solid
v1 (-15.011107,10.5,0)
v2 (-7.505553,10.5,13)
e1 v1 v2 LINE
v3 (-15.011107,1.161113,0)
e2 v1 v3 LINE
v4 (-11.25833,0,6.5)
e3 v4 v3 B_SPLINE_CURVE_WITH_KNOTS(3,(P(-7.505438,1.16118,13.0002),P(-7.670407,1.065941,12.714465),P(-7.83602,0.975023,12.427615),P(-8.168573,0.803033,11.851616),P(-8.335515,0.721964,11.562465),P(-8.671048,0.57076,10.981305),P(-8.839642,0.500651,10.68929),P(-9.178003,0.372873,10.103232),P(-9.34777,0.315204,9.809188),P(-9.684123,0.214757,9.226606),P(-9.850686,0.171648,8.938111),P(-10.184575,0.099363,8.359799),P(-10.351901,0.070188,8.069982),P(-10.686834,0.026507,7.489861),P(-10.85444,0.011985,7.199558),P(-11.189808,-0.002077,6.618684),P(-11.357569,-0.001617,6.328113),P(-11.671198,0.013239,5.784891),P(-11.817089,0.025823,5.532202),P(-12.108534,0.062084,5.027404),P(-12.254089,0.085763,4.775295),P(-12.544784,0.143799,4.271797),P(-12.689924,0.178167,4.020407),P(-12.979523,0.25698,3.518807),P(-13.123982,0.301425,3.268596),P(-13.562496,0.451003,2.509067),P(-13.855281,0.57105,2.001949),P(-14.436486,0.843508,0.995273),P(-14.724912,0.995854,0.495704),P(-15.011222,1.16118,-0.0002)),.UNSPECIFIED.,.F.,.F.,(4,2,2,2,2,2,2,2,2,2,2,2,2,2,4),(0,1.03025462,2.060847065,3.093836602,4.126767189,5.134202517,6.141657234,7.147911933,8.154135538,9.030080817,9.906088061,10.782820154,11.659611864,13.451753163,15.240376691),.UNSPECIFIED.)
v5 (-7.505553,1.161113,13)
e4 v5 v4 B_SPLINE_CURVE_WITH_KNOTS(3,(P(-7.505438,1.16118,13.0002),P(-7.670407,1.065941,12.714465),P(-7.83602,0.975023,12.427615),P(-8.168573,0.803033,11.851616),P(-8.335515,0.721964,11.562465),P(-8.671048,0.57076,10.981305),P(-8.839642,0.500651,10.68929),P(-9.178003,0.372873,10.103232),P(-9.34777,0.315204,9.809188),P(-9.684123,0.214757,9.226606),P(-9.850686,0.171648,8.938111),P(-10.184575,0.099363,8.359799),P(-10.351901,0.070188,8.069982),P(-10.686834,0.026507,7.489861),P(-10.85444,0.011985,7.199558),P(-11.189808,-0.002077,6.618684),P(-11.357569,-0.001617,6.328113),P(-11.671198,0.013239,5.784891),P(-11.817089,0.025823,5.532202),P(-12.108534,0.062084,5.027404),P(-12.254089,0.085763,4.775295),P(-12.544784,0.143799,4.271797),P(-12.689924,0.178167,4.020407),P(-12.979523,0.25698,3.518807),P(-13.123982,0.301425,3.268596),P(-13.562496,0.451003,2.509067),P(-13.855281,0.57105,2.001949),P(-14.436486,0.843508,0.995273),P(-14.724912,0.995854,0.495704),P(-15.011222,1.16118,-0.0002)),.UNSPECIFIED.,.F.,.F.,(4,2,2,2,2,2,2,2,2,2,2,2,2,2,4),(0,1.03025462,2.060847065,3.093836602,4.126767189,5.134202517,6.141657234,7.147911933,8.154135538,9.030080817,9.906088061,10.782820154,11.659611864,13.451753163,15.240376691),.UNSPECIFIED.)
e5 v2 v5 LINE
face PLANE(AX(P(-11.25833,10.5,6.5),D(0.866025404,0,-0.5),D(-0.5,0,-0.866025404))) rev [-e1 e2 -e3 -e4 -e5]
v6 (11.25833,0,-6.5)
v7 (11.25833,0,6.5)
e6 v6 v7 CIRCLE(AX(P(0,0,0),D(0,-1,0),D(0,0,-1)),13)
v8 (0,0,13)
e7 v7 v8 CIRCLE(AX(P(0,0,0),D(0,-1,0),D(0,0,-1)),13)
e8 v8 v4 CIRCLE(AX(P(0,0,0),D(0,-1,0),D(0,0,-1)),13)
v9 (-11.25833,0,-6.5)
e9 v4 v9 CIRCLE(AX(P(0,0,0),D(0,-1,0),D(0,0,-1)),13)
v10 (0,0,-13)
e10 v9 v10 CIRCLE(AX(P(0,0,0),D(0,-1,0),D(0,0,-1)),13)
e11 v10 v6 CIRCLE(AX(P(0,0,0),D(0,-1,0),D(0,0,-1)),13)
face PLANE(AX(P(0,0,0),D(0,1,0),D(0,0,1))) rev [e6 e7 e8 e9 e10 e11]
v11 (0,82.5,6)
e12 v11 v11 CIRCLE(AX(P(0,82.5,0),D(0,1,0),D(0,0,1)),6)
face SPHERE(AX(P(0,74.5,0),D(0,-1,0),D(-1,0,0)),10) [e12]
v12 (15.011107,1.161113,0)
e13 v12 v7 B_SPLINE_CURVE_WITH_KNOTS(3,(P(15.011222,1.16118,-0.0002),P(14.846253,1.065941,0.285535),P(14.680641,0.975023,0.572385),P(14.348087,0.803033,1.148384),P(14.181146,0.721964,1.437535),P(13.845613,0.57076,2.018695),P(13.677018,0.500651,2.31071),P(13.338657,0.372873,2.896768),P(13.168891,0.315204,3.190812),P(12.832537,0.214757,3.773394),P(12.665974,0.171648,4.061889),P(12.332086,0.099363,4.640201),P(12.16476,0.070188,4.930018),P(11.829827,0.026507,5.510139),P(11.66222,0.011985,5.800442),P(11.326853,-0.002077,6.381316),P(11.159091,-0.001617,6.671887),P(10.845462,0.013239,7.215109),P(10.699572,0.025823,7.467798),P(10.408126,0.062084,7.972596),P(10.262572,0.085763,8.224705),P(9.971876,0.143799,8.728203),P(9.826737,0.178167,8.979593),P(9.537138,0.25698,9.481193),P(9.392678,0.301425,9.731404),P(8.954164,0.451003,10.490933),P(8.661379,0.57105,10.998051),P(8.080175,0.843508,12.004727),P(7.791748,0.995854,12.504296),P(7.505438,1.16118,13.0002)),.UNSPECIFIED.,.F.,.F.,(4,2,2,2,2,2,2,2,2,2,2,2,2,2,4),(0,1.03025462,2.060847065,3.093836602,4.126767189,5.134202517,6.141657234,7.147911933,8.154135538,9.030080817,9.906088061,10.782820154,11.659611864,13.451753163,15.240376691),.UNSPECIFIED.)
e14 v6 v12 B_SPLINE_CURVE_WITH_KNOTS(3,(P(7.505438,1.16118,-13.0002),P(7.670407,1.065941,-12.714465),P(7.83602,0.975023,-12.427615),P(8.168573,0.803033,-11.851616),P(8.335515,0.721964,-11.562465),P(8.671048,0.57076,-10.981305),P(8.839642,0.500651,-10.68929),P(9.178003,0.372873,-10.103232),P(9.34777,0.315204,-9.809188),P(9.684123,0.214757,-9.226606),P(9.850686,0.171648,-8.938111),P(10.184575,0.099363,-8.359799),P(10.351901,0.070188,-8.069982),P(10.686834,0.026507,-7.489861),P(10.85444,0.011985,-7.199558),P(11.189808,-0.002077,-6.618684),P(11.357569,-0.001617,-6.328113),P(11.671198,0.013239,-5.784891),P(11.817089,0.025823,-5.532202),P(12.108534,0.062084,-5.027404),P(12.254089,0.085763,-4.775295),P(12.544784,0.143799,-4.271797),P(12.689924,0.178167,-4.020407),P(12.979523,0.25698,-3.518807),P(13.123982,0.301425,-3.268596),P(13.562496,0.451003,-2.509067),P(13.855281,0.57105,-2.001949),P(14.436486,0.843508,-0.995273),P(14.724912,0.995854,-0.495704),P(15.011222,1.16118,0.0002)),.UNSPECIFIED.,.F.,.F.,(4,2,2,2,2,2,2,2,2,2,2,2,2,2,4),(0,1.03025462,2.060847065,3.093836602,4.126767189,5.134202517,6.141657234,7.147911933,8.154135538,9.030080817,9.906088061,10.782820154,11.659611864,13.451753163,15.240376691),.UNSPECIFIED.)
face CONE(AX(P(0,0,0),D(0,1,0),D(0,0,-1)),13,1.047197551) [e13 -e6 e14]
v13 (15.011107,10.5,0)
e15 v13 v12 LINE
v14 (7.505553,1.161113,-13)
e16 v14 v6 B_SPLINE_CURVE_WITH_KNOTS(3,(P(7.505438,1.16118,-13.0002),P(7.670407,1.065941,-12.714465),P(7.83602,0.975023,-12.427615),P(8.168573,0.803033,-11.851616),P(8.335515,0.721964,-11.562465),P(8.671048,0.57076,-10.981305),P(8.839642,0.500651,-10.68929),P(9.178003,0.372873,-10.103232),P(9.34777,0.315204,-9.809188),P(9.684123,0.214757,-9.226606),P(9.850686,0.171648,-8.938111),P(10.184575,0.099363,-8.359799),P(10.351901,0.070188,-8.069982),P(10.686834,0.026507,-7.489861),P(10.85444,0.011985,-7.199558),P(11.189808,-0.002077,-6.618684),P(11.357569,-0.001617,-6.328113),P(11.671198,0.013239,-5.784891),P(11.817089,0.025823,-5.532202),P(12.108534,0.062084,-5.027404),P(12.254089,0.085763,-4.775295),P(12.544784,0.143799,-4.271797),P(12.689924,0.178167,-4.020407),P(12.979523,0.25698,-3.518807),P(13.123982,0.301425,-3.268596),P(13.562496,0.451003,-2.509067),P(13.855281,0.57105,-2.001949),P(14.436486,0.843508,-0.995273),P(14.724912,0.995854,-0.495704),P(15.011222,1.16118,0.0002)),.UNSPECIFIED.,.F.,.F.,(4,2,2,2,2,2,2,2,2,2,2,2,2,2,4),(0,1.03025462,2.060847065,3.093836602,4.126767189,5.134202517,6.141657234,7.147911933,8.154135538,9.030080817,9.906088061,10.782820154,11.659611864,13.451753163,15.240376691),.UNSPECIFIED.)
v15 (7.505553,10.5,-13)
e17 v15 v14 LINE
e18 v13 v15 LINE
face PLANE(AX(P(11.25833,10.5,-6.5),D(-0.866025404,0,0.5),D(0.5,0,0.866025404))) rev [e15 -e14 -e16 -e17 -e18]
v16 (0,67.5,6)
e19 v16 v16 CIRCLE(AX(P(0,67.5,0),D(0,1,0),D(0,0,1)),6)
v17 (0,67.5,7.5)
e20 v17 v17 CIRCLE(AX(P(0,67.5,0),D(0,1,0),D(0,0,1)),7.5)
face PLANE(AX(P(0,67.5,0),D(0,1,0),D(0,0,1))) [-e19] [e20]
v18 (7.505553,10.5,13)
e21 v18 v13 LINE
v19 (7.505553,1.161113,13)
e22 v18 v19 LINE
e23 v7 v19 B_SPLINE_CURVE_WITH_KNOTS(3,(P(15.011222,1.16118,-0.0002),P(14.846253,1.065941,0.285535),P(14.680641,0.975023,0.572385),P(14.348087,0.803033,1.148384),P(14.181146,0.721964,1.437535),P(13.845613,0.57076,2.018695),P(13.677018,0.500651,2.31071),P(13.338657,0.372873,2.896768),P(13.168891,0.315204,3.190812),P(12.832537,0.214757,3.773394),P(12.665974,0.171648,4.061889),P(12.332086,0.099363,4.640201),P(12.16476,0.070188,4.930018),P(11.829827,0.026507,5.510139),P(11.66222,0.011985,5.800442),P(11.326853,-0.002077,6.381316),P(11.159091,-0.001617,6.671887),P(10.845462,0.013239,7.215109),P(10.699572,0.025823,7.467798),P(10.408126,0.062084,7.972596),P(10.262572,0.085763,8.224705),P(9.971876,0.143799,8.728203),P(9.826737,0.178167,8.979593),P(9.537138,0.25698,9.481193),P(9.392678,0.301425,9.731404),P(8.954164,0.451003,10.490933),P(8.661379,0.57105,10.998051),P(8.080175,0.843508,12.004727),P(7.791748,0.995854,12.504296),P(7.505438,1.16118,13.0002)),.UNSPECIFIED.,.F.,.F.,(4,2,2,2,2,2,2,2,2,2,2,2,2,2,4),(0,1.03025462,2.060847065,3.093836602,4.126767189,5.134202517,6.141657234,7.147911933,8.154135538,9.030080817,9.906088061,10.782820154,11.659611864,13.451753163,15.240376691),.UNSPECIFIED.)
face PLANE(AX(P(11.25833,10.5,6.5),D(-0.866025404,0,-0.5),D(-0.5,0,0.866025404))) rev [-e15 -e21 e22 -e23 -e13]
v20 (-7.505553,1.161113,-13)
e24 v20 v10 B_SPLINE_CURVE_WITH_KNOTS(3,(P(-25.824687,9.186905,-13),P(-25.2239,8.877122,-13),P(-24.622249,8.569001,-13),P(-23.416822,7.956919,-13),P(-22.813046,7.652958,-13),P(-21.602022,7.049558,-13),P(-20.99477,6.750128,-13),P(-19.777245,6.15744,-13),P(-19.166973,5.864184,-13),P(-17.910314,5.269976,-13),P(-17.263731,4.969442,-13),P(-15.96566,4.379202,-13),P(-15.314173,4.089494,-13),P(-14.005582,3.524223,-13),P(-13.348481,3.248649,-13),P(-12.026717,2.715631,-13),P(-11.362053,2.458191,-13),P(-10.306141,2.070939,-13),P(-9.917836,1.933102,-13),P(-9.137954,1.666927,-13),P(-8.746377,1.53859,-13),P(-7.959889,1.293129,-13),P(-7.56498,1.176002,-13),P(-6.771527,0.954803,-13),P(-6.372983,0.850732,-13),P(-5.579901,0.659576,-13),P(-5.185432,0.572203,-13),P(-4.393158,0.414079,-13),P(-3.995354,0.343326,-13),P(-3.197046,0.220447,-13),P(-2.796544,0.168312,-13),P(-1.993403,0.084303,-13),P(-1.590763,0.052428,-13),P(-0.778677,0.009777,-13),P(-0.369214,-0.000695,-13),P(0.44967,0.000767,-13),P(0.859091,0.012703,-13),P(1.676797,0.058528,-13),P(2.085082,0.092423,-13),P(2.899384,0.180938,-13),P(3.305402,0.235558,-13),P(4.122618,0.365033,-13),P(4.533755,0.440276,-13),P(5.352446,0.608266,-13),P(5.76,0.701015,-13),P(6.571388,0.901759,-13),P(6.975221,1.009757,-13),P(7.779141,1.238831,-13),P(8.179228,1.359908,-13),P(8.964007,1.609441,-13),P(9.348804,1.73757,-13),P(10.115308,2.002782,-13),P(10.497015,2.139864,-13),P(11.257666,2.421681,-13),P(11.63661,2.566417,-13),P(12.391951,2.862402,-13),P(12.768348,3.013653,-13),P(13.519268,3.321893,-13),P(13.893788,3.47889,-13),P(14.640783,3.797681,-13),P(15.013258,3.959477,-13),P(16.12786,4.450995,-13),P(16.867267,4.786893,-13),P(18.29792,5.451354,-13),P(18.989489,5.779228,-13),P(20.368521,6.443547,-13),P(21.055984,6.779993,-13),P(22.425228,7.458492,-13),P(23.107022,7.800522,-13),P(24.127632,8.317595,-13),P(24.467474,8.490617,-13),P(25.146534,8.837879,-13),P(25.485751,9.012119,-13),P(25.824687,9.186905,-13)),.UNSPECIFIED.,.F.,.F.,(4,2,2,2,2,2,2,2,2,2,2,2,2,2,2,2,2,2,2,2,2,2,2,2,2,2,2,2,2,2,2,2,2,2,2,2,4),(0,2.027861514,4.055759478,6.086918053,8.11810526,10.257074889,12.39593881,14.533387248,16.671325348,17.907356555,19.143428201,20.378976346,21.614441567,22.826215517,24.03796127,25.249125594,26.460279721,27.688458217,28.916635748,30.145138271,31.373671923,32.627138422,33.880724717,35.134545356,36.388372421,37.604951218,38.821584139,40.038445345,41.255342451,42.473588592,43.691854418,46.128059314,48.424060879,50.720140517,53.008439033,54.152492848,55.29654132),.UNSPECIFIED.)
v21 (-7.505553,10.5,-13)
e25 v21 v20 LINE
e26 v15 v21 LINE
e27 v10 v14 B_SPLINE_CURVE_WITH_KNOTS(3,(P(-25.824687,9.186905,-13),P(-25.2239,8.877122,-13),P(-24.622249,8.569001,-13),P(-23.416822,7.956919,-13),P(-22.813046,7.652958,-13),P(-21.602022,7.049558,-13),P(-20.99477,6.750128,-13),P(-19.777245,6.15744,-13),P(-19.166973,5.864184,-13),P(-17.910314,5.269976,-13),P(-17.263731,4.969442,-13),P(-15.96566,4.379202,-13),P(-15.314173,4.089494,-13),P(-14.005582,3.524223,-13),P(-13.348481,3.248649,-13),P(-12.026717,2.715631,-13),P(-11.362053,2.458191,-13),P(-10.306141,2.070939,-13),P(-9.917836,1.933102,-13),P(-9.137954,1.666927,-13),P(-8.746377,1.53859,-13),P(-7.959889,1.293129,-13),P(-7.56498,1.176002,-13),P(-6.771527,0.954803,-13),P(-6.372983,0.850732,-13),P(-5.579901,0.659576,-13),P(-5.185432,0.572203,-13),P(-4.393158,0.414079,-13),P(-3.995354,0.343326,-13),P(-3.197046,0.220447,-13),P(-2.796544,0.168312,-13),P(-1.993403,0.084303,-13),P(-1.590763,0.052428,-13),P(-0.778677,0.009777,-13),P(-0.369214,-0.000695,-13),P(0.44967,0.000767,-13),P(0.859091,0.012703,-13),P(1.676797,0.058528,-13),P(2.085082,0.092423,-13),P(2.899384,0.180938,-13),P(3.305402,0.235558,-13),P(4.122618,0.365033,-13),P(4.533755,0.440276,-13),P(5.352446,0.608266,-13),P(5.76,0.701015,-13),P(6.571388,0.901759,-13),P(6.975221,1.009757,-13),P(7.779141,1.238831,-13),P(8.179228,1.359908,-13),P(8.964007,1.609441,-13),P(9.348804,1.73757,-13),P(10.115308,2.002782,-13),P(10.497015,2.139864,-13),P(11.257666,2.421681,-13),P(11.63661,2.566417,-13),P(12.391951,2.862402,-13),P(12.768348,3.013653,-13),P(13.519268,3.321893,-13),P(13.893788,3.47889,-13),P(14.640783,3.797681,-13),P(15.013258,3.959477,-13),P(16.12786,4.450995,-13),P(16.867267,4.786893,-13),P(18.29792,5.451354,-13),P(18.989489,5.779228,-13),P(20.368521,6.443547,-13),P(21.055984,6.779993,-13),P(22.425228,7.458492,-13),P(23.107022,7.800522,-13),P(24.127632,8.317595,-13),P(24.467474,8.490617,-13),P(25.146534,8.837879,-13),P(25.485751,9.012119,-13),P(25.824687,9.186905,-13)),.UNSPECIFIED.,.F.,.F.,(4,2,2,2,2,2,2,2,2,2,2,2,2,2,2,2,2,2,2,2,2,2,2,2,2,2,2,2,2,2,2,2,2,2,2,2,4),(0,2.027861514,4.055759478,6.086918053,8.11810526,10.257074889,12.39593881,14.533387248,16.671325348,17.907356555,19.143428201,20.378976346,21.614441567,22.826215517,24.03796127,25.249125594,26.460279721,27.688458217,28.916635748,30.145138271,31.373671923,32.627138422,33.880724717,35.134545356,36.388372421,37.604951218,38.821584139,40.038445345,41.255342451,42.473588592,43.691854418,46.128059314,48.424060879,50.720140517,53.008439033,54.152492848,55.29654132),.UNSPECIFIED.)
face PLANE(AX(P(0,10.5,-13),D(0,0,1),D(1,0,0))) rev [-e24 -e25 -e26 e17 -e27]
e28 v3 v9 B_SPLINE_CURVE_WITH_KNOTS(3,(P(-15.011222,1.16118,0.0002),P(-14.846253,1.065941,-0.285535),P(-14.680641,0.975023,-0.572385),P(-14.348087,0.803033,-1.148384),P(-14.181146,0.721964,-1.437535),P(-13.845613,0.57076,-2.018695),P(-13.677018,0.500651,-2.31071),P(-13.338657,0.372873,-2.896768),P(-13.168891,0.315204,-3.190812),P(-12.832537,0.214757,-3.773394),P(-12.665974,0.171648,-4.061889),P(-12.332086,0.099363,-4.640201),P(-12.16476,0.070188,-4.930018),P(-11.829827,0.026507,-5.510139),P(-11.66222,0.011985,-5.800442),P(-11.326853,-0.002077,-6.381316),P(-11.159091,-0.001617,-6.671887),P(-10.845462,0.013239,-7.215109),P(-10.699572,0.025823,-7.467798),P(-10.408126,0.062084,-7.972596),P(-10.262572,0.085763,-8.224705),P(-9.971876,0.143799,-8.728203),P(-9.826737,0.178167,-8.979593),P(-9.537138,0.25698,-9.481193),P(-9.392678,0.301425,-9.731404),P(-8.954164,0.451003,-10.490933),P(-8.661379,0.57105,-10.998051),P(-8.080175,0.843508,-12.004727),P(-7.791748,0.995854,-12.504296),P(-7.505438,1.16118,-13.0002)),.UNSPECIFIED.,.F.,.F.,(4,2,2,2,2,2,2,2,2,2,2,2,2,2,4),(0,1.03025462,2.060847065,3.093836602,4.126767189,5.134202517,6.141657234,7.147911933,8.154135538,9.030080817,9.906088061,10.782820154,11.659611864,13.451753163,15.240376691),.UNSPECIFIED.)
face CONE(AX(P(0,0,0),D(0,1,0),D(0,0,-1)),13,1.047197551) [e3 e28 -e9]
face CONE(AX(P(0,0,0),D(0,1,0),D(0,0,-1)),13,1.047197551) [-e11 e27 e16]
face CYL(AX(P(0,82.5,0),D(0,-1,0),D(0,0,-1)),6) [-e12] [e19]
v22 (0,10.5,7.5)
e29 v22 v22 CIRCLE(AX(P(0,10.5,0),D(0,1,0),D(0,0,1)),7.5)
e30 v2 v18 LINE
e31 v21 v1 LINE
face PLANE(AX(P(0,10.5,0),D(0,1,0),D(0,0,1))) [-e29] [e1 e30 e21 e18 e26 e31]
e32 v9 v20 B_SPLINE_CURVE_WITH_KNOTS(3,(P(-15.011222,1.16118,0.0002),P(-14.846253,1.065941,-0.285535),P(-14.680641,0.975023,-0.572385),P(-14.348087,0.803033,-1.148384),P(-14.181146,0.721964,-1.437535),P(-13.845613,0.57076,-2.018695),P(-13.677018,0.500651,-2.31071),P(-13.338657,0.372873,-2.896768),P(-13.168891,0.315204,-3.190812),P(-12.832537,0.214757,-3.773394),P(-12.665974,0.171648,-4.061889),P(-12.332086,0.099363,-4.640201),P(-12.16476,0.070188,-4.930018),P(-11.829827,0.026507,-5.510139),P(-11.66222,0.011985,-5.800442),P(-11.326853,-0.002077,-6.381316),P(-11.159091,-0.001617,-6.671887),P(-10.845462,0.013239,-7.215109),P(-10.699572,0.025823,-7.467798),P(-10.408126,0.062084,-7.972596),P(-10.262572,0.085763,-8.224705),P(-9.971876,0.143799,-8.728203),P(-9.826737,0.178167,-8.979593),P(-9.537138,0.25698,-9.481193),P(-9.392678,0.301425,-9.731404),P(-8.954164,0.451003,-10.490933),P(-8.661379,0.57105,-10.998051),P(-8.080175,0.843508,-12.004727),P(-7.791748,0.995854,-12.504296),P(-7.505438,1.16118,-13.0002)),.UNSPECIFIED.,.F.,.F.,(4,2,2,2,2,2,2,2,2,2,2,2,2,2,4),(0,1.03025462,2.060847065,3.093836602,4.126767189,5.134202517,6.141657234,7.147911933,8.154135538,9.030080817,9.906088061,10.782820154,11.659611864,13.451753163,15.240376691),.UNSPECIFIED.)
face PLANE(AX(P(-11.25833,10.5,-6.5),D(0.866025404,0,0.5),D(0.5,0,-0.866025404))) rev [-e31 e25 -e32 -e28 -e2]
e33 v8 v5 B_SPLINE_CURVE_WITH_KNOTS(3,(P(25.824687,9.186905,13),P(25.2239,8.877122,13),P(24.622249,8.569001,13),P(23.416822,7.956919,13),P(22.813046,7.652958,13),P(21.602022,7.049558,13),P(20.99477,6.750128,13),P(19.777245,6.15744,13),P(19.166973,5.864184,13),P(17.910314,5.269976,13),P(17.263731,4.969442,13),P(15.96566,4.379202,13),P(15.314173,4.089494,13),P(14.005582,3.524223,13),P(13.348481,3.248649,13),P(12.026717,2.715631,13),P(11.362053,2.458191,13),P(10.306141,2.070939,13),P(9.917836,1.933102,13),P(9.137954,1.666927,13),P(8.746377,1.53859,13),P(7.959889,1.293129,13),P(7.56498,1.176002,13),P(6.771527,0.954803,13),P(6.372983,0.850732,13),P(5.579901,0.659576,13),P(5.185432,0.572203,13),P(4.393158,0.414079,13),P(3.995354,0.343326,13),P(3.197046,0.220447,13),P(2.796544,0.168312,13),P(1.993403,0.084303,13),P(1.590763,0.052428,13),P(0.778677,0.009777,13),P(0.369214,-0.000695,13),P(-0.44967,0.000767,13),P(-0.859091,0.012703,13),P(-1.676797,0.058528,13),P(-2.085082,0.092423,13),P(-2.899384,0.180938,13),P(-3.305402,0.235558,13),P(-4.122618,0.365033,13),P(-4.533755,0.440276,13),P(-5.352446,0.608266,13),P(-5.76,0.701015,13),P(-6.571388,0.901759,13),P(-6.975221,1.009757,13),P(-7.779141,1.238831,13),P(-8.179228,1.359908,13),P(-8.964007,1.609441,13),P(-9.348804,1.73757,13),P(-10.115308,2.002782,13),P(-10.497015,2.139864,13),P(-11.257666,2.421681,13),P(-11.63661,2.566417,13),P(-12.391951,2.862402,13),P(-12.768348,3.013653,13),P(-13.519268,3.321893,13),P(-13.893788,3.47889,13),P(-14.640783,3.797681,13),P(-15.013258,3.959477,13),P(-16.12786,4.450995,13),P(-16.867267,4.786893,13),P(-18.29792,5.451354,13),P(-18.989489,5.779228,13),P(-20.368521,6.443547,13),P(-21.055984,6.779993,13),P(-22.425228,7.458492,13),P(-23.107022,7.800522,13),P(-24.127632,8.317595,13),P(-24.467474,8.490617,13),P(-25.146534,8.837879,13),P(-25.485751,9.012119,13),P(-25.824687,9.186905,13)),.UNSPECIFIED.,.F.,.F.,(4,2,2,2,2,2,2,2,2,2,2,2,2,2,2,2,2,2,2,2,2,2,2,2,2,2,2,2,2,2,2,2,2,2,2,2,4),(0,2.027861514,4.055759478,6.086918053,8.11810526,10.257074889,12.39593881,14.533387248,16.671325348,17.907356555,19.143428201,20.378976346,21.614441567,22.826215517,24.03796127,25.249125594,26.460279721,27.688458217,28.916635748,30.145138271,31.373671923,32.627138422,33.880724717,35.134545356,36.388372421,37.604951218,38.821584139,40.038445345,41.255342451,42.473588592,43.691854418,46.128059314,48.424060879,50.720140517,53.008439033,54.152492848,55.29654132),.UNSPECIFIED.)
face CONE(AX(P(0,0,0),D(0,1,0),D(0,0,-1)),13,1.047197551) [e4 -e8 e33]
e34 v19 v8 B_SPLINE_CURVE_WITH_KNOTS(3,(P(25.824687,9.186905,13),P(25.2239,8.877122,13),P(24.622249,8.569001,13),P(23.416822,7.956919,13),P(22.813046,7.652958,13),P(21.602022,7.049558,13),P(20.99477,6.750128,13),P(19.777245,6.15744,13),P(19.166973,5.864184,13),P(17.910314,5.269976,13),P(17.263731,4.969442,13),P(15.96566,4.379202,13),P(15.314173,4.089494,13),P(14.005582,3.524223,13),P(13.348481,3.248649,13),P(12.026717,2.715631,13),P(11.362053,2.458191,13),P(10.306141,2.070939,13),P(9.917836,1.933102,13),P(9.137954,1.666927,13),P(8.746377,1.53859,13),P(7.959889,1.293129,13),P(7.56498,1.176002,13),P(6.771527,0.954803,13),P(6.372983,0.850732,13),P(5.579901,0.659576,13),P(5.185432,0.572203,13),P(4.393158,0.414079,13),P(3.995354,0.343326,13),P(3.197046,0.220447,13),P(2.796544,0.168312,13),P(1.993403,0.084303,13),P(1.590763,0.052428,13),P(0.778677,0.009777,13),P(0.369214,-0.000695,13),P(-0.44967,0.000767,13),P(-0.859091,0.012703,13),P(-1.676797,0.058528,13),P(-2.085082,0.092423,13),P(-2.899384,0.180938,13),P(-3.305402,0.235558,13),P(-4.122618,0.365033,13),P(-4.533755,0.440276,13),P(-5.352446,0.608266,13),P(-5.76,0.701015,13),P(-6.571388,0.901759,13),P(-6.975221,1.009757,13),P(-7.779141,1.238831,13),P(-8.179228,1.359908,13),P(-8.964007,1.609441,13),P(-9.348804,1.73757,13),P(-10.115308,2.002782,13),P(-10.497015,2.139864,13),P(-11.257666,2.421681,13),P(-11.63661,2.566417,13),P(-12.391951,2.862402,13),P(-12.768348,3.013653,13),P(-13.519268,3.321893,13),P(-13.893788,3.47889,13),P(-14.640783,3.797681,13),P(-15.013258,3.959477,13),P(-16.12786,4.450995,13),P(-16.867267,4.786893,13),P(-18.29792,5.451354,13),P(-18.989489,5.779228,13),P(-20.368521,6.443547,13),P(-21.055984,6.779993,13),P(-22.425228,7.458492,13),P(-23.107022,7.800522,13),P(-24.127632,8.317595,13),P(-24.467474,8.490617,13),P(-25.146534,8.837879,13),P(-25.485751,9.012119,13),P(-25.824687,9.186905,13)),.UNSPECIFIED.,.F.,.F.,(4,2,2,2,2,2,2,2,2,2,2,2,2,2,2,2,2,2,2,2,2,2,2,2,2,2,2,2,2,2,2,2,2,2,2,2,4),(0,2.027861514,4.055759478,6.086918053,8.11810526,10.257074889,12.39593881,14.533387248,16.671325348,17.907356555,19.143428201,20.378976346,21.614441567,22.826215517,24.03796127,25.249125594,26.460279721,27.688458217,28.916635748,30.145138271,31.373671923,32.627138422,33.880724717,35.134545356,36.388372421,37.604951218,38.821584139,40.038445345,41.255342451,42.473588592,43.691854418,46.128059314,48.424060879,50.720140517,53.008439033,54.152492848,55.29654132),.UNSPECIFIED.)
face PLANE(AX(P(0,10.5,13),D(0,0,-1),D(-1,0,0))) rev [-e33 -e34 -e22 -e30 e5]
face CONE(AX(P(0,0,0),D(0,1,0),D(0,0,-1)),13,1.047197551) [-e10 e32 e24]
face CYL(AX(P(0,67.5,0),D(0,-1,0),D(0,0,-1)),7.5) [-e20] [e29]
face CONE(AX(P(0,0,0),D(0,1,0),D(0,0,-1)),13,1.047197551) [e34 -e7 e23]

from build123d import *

# Parameters (mm, degrees)
SKETCH1_R           = 7.5
BOSS_EXTRUDE1_DEPTH = 10.5
SKETCH1_3_R         = 7.5
SKETCH1_3_R_2       = 6
BOSS_EXTRUDE2_DEPTH = 67.5
SKETCH1_4_R         = 6
BOSS_EXTRUDE3_DEPTH = 82.5
SKETCH4_OUTSIDE_W   = 336.484
SKETCH4_OUTSIDE_H   = 332.462
SKETCH4_OUTSIDE_R   = 13
CUT_EXTRUDE1_DEPTH  = 82.5
CUT_EXTRUDE1_DRAFT  = -60


with BuildPart() as part:
    # Sketch1 → Boss-Extrude1 (new body)
    with BuildSketch(Plane(origin=(0, 0, 0), x_dir=(1, 0, 0), z_dir=(0, 1, 0))):
        Polygon((15.011106999, 0), (7.505553499, 13), (-7.505553499, 13), (-15.011106999, 0), (-7.505553499, -13), (7.505553499, -13), align=None)
        with Locations(Location((0, 0, 0), (0, 0, 270))):
            Circle(SKETCH1_R, mode=Mode.SUBTRACT)
    extrude(amount=BOSS_EXTRUDE1_DEPTH)

    # Sketch1<3> → Boss-Extrude2 (add)
    with BuildSketch(Plane(origin=(0, 0, 0), x_dir=(1, 0, 0), z_dir=(0, 1, 0))):
        with Locations(Location((0, 0, 0), (0, 0, 270))):
            Circle(SKETCH1_3_R)
        with Locations(Location((0, 0, 0), (0, 0, 270))):
            Circle(SKETCH1_3_R_2, mode=Mode.SUBTRACT)
    extrude(amount=BOSS_EXTRUDE2_DEPTH)

    # Sketch1<4> → Boss-Extrude3 (add)
    with BuildSketch(Plane(origin=(0, 0, 0), x_dir=(1, 0, 0), z_dir=(0, 1, 0))):
        with Locations(Location((0, 0, 0), (0, 0, 270))):
            Circle(SKETCH1_4_R)
    extrude(amount=BOSS_EXTRUDE3_DEPTH)

    # Sketch2 → Revolve1 (revolve)
    with BuildSketch(Plane.XY):
        with BuildLine():
            Line((0, 82.5), (0, 84.5))
            ThreePointArc((0, 84.5), (-3.16227766, 83.986832981), (-6, 82.5))
            Line((-6, 82.5), (0, 82.5))
        make_face()
    revolve(axis=Axis((0, 82.5, 0), (0, 1, 0)))


with BuildPart() as cut_extrude1_tool:
    # Sketch4 outside → Cut-Extrude1 (with draft: the straight prism first)
    with BuildSketch(Plane.XZ):
        Rectangle(SKETCH4_OUTSIDE_W, SKETCH4_OUTSIDE_H)
        Circle(SKETCH4_OUTSIDE_R, mode=Mode.SUBTRACT)
    extrude(amount=-CUT_EXTRUDE1_DEPTH)
    # Cut-Extrude1: the draft: its side faces are tilted about the plane it starts from
    cut_extrude1_sides = [cut_extrude1_tool.faces().sort_by_distance(p)[0] for p in [
        (0, 41.25, -166.231),
        (168.242, 41.25, 0),
        (0, 41.25, 166.231),
        (-168.242, 41.25, 0),
        (-13, 41.25, 0),
    ]]
    draft(cut_extrude1_sides, Plane.XZ, CUT_EXTRUDE1_DRAFT)


with BuildPart() as part_1:
    add(part.part)

    # Cut-Extrude1: cut by cut_extrude1_tool
    add(cut_extrude1_tool.part, mode=Mode.SUBTRACT)


solid = part_1.part
